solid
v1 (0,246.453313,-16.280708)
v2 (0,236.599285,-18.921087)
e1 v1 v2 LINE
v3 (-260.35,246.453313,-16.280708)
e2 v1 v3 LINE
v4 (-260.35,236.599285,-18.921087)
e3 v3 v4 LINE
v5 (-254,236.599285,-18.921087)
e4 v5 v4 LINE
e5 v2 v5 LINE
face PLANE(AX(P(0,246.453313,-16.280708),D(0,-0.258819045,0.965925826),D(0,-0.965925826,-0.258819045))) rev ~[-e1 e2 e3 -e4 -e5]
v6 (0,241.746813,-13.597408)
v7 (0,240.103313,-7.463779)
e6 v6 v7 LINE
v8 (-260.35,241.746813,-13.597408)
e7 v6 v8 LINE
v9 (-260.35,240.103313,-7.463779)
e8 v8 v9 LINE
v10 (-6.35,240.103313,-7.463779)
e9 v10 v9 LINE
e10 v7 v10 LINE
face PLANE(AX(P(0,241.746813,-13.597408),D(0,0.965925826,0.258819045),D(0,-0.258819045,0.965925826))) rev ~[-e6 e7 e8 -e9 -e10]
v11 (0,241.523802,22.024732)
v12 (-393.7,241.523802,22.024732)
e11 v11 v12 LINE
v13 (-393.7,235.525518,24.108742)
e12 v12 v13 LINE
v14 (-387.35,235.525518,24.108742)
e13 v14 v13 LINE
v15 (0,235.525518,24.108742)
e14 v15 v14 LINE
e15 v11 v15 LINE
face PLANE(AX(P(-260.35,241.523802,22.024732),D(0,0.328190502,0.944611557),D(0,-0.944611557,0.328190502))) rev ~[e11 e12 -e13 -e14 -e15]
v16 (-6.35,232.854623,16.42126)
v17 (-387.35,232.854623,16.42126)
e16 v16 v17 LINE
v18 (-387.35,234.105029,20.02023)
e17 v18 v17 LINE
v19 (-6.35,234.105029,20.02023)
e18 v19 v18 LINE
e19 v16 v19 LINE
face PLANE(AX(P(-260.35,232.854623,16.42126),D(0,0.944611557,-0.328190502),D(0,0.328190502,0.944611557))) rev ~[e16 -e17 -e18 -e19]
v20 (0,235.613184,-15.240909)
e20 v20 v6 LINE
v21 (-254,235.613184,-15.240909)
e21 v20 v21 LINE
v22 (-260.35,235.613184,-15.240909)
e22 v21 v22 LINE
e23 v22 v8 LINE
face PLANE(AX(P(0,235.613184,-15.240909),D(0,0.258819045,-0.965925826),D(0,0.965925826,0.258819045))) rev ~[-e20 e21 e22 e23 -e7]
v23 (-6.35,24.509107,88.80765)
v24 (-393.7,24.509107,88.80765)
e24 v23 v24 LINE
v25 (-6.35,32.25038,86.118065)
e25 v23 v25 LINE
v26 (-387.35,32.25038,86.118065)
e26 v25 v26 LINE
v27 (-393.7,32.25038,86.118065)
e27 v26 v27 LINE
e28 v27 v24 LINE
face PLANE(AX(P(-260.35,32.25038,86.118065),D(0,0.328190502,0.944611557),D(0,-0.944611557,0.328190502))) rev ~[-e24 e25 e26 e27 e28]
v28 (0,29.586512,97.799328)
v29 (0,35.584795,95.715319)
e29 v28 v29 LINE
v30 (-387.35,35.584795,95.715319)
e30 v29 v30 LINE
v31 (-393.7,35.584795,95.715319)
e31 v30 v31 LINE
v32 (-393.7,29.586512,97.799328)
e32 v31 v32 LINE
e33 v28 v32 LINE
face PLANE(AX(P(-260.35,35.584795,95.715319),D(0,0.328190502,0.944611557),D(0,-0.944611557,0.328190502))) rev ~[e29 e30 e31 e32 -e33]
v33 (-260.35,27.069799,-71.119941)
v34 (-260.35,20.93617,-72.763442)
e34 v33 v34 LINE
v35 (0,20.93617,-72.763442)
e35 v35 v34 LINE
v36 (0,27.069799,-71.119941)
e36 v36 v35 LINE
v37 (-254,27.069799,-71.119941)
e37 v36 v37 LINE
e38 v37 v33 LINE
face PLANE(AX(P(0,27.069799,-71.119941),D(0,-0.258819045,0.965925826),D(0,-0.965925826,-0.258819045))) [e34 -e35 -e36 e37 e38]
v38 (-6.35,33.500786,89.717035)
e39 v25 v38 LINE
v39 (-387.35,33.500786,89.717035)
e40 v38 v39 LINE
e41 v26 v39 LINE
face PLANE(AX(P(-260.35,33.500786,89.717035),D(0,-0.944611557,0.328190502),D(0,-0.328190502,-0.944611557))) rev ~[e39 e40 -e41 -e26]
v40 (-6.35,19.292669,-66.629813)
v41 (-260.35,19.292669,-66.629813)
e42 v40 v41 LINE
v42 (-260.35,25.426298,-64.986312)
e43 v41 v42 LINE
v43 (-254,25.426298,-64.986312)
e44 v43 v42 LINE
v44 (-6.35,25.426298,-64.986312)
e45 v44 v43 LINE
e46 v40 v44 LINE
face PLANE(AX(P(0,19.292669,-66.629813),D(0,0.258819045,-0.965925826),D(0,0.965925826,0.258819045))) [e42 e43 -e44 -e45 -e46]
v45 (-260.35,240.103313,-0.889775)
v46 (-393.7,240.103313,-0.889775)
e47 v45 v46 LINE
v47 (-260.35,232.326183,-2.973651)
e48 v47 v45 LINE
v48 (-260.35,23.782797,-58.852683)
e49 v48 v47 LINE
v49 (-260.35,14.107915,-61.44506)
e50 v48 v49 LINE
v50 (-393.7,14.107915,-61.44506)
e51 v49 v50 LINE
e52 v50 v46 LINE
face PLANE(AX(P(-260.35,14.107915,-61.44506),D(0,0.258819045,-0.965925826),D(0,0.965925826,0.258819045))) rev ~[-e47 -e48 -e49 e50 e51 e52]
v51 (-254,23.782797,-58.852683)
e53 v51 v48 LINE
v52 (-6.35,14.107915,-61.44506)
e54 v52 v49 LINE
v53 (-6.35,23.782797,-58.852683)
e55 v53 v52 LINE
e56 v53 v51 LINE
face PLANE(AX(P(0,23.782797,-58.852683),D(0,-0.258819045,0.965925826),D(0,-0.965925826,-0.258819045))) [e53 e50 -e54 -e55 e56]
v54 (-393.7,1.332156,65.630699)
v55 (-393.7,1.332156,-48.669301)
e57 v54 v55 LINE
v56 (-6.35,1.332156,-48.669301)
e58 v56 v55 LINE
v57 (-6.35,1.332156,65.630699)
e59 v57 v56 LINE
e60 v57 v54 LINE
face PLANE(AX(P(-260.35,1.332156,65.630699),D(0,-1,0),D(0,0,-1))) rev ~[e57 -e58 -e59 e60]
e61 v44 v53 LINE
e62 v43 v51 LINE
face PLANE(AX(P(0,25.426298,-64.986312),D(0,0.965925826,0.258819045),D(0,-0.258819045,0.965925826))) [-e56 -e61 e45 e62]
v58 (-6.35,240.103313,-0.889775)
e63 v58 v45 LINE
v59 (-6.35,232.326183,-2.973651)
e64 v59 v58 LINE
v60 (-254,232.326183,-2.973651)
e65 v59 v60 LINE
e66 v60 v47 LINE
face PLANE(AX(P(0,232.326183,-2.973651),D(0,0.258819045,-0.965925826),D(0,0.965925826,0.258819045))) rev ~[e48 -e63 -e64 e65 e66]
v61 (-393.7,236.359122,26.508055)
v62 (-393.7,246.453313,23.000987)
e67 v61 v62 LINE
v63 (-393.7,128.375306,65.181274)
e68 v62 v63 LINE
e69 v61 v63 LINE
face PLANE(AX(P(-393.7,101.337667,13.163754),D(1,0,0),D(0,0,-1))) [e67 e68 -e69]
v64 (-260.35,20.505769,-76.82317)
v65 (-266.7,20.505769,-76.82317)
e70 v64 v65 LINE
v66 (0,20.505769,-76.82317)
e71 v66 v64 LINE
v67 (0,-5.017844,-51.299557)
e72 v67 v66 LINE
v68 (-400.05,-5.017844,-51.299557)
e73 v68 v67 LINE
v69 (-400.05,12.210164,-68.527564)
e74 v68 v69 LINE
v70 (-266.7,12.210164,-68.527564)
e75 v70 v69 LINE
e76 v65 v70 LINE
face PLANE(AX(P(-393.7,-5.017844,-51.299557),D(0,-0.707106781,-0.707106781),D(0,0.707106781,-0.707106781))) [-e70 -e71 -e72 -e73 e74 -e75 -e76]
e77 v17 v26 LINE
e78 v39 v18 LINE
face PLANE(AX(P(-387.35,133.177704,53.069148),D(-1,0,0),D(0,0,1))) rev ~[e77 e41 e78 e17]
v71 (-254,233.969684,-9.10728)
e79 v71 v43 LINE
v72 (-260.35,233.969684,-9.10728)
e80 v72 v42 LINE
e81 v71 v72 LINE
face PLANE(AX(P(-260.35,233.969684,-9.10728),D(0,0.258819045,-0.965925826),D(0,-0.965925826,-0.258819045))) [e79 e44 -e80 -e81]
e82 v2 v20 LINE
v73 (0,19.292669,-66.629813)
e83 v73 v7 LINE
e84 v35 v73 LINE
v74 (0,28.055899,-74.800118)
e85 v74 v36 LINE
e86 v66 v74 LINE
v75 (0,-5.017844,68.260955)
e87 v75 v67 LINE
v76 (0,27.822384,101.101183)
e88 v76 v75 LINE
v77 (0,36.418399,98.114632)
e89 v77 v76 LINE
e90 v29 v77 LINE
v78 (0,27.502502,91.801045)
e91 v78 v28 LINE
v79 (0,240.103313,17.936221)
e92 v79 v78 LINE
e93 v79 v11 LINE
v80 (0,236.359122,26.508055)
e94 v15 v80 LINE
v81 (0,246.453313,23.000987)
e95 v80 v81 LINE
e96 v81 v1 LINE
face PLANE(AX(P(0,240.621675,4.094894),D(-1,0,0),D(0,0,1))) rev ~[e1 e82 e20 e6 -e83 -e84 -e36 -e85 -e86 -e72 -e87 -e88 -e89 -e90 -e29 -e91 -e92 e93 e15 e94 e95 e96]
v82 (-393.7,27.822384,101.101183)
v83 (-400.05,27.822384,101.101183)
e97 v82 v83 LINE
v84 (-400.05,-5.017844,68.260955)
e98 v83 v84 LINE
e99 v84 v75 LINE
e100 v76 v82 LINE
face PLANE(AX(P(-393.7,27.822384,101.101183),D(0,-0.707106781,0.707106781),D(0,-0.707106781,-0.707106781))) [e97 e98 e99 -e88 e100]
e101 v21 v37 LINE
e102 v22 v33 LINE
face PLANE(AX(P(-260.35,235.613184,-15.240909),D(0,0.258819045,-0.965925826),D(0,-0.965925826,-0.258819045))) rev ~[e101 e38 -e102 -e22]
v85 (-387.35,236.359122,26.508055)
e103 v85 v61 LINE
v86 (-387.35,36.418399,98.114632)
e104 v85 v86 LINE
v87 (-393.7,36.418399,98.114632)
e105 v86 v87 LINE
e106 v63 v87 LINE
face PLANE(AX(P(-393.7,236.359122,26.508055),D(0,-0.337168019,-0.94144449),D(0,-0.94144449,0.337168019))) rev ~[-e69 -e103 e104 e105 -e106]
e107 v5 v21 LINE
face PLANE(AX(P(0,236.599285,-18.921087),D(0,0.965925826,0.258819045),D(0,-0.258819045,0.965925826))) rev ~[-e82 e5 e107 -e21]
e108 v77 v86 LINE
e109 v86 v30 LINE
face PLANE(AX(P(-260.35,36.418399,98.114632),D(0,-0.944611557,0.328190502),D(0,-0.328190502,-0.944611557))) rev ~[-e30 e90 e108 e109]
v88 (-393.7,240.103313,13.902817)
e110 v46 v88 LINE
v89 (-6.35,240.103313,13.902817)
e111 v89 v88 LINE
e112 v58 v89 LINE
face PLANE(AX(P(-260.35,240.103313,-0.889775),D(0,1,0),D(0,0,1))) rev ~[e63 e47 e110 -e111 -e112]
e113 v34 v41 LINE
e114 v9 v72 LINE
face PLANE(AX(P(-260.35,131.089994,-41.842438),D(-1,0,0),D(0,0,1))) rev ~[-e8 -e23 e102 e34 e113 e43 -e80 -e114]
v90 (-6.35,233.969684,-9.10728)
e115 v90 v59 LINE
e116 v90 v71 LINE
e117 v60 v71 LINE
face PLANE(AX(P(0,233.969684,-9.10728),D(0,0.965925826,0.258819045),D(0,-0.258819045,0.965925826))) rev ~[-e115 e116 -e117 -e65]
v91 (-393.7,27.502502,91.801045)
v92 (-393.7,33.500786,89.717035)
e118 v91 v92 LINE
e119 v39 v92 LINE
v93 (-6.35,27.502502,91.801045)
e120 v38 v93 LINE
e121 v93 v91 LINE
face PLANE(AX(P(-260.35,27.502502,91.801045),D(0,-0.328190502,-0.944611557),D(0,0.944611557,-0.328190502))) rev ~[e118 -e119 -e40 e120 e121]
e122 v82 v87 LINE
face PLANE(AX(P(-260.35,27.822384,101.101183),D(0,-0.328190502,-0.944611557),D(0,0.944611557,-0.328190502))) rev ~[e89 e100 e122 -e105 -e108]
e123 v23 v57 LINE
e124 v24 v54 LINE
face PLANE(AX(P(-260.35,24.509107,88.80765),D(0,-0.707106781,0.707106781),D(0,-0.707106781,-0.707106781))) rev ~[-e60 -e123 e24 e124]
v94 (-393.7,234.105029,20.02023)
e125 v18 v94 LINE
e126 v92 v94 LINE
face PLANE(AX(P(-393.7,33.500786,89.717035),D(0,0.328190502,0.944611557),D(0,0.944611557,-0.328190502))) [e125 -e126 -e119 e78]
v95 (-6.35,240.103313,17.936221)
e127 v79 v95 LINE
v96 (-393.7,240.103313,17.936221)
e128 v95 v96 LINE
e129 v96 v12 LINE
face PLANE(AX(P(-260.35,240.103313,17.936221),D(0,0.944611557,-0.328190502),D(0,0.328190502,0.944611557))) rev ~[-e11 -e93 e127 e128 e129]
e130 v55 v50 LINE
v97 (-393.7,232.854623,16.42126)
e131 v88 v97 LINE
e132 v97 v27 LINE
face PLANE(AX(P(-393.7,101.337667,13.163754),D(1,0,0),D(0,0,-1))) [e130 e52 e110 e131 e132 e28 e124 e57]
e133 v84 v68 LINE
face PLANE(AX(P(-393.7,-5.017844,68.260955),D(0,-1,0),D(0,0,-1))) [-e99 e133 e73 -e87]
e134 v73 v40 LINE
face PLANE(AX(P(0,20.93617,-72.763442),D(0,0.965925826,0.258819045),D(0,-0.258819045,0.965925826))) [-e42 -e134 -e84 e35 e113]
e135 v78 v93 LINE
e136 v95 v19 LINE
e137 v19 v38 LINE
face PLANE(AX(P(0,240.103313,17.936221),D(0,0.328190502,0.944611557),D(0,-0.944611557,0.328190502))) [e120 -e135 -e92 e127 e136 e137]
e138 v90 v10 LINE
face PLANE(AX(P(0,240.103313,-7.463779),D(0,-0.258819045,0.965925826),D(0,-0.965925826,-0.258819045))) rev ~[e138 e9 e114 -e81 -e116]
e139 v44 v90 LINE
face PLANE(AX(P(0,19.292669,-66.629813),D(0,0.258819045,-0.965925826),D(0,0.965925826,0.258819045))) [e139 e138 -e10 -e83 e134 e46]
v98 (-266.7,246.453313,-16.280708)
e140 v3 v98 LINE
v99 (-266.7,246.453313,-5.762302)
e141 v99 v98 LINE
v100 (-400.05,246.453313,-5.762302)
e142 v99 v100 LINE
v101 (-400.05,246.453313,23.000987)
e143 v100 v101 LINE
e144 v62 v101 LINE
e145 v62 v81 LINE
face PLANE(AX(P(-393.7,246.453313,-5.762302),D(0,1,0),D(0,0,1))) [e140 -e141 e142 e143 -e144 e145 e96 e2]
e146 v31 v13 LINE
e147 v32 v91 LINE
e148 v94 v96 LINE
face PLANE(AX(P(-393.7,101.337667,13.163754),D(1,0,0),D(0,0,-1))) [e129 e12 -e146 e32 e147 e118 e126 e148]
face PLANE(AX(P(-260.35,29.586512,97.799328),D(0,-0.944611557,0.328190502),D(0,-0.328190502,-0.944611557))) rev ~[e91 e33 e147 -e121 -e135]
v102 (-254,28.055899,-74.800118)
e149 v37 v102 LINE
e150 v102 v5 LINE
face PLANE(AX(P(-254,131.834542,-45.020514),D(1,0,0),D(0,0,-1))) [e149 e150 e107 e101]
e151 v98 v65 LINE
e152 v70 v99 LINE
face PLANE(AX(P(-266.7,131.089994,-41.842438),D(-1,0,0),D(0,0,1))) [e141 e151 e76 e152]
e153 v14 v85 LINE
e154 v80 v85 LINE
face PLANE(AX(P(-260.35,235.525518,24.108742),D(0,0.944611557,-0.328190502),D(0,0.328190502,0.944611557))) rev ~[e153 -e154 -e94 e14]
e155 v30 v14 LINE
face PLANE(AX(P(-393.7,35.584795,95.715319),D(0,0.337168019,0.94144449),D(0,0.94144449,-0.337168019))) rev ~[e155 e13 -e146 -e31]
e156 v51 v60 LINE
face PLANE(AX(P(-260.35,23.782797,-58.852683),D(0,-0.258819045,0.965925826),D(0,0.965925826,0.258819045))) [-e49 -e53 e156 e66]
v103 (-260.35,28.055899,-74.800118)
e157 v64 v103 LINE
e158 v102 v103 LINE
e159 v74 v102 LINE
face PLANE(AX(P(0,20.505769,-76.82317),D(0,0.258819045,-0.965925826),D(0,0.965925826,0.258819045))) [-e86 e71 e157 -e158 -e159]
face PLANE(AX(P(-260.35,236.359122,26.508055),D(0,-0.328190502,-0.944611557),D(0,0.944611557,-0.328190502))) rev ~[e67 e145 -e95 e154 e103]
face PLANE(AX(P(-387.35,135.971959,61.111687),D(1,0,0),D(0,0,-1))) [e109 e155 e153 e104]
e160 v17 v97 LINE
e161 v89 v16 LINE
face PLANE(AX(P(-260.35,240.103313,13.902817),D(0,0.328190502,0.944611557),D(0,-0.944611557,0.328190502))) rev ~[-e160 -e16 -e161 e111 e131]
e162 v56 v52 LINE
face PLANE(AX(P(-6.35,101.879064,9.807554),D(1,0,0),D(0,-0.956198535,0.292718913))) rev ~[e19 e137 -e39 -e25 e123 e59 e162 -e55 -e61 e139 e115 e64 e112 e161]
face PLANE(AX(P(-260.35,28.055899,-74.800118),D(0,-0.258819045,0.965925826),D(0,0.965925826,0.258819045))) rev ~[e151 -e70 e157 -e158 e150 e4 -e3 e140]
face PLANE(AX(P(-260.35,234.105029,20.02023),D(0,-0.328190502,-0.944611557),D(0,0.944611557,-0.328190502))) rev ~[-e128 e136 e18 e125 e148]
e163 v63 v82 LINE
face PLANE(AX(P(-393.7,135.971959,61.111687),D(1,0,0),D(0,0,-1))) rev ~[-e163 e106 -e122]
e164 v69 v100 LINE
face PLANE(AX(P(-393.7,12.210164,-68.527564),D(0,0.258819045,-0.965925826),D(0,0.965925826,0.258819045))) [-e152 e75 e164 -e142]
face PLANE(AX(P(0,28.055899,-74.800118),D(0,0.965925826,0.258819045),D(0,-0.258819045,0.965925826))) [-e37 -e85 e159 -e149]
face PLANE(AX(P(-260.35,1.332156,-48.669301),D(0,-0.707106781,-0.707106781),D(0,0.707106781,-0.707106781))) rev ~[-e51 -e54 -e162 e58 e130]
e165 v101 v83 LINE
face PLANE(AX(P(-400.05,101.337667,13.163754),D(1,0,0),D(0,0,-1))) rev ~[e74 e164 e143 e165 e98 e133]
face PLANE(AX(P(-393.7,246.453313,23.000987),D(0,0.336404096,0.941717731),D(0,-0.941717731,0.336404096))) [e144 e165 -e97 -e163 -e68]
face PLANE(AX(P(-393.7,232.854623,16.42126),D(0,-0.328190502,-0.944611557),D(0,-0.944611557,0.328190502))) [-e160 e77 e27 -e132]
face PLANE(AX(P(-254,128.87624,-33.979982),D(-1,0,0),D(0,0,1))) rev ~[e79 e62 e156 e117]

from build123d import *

# Parameters (mm, degrees)
BOSS_EXTRUDE2_DEPTH      = 6.35
BOSS_EXTRUDE3_DEPTH      = 254
BOSS_EXTRUDE3_DEPTH_BACK = 6.35
BOSS_EXTRUDE4_DEPTH      = 254
BOSS_EXTRUDE4_DEPTH_BACK = 6.35
BOSS_EXTRUDE5_DEPTH      = 133.35
BOSS_EXTRUDE6_DEPTH      = 6.35
BOSS_EXTRUDE8_DEPTH      = 6.35
BOSS_EXTRUDE9_DEPTH      = 6.35
BOSS_EXTRUDE10_DEPTH     = 6.35


with BuildPart() as part:
    # 3DSketch1 → Boss-Extrude2 (new body)
    with BuildSketch(Plane(origin=(0, 1.332156405, 65.630699338), x_dir=(0, 0.9561985348142941, -0.2927189129847902), z_dir=(-1, 0, 0))):
        Polygon((0, 0), (33.457771754, 109.293492529), (55.888968865, 121.2099264), (249.70876595, 0), (242.27370556, -24.287442784), (17.363491096, -32.684601412), align=None)
    extrude(amount=BOSS_EXTRUDE2_DEPTH)

    # Sketch2 → Boss-Extrude3 (add, two sides: drawn at the far end of the back side and taken through both)
    with BuildSketch(Plane.ZY.offset(6.35).offset(-BOSS_EXTRUDE3_DEPTH_BACK)):
        Polygon((-61.445059615, 14.107915358), (-48.669300662, 1.332156405), (65.630699338, 1.332156405), (88.807649546, 24.509106613), (86.118065358, 32.250379724), (89.717035392, 33.500785537), (91.80104508, 27.502502147), (97.799328469, 29.586511835), (95.715318781, 35.584795224), (98.114632137, 36.4183991), (101.101183052, 27.822383999), (68.260955459, -5.017843595), (-51.299556783, -5.017843595), (-76.823169583, 20.505769205), (-74.800118363, 28.055899142), (-71.119940965, 27.069798581), (-72.763441901, 20.936169584), (-66.629812904, 19.292668647), (-64.986311968, 25.426297644), (-58.852682971, 23.782796708), align=None)
    extrude(amount=BOSS_EXTRUDE3_DEPTH + BOSS_EXTRUDE3_DEPTH_BACK)

    # Sketch4 → Boss-Extrude4 (add, two sides: drawn at the far end of the back side and taken through both)
    with BuildSketch(Plane.ZY.offset(6.35).offset(-BOSS_EXTRUDE4_DEPTH_BACK)):
        Polygon((-0.889775448, 240.103312537), (13.902816842, 240.103312537), (16.42126046, 232.854623335), (20.020230494, 234.105029148), (17.936220806, 240.103312537), (22.024731964, 241.523801752), (24.108741651, 235.525518362), (26.508055007, 236.359122237), (23.000986566, 246.453312537), (-16.280707815, 246.453312537), (-18.921086525, 236.599285038), (-15.240909127, 235.613184476), (-13.597408191, 241.746813473), (-7.463779194, 240.103312537), (-9.10728013, 233.96968354), (-2.973651133, 232.326182604), align=None)
    extrude(amount=BOSS_EXTRUDE4_DEPTH + BOSS_EXTRUDE4_DEPTH_BACK)

    # Sketch5 → Boss-Extrude5 (add)
    with BuildSketch(Plane.ZY.offset(260.35)):
        Polygon((-68.52756432, 12.210163942), (-51.299556783, -5.017843595), (68.260955459, -5.017843595), (101.101183052, 27.822383999), (98.114632137, 36.4183991), (95.715318781, 35.584795224), (97.799328469, 29.586511835), (91.80104508, 27.502502147), (89.717035392, 33.500785537), (86.118065358, 32.250379724), (88.807649546, 24.509106613), (65.630699338, 1.332156405), (-48.669300662, 1.332156405), (-61.445059615, 14.107915358), (-0.889775448, 240.103312537), (13.902816842, 240.103312537), (16.42126046, 232.854623335), (20.020230494, 234.105029148), (17.936220806, 240.103312537), (22.024731964, 241.523801752), (24.108741651, 235.525518362), (26.508055007, 236.359122237), (23.000986566, 246.453312537), (-5.762301822, 246.453312537), align=None)
    extrude(amount=BOSS_EXTRUDE5_DEPTH)

    # Sketch7 → Boss-Extrude6 (add)
    with BuildSketch(Plane.ZY.offset(260.35)):
        Polygon((-16.280707815, 246.453312537), (-76.823169583, 20.505769205), (-68.52756432, 12.210163942), (-5.762301822, 246.453312537), align=None)
    extrude(amount=BOSS_EXTRUDE6_DEPTH)

    # Sketch9 → Boss-Extrude8 (add)
    with BuildSketch(Plane(origin=(-260.35, 0, 0), x_dir=(0, 0, -1), z_dir=(1, 0, 0))):
        Polygon((15.240909127, 235.613184476), (71.119940965, 27.069798581), (74.800118363, 28.055899142), (18.921086525, 236.599285038), align=None)
        Polygon((2.973651133, 232.326182604), (9.10728013, 233.96968354), (64.986311968, 25.426297644), (58.852682971, 23.782796708), align=None)
    extrude(amount=BOSS_EXTRUDE8_DEPTH)

    # Sketch11 → Boss-Extrude9 (add)
    with BuildSketch(Plane.ZY.offset(393.7)):
        Polygon((23.000986566, 246.453312537), (101.101183052, 27.822383999), (68.260955459, -5.017843595), (-51.299556783, -5.017843595), (-68.52756432, 12.210163942), (-5.762301822, 246.453312537), align=None)
    extrude(amount=BOSS_EXTRUDE9_DEPTH)

    # Sketch12 → Boss-Extrude10 (add)
    with BuildSketch(Plane(origin=(-393.7, 0, 0), x_dir=(0, 0, -1), z_dir=(1, 0, 0))):
        Polygon((-24.108741651, 235.525518362), (-26.508055007, 236.359122237), (-98.114632137, 36.4183991), (-95.715318781, 35.584795224), align=None)
        Polygon((-20.020230494, 234.105029148), (-16.42126046, 232.854623335), (-86.118065358, 32.250379724), (-89.717035392, 33.500785537), align=None)
    extrude(amount=BOSS_EXTRUDE10_DEPTH)


solid = part.part
